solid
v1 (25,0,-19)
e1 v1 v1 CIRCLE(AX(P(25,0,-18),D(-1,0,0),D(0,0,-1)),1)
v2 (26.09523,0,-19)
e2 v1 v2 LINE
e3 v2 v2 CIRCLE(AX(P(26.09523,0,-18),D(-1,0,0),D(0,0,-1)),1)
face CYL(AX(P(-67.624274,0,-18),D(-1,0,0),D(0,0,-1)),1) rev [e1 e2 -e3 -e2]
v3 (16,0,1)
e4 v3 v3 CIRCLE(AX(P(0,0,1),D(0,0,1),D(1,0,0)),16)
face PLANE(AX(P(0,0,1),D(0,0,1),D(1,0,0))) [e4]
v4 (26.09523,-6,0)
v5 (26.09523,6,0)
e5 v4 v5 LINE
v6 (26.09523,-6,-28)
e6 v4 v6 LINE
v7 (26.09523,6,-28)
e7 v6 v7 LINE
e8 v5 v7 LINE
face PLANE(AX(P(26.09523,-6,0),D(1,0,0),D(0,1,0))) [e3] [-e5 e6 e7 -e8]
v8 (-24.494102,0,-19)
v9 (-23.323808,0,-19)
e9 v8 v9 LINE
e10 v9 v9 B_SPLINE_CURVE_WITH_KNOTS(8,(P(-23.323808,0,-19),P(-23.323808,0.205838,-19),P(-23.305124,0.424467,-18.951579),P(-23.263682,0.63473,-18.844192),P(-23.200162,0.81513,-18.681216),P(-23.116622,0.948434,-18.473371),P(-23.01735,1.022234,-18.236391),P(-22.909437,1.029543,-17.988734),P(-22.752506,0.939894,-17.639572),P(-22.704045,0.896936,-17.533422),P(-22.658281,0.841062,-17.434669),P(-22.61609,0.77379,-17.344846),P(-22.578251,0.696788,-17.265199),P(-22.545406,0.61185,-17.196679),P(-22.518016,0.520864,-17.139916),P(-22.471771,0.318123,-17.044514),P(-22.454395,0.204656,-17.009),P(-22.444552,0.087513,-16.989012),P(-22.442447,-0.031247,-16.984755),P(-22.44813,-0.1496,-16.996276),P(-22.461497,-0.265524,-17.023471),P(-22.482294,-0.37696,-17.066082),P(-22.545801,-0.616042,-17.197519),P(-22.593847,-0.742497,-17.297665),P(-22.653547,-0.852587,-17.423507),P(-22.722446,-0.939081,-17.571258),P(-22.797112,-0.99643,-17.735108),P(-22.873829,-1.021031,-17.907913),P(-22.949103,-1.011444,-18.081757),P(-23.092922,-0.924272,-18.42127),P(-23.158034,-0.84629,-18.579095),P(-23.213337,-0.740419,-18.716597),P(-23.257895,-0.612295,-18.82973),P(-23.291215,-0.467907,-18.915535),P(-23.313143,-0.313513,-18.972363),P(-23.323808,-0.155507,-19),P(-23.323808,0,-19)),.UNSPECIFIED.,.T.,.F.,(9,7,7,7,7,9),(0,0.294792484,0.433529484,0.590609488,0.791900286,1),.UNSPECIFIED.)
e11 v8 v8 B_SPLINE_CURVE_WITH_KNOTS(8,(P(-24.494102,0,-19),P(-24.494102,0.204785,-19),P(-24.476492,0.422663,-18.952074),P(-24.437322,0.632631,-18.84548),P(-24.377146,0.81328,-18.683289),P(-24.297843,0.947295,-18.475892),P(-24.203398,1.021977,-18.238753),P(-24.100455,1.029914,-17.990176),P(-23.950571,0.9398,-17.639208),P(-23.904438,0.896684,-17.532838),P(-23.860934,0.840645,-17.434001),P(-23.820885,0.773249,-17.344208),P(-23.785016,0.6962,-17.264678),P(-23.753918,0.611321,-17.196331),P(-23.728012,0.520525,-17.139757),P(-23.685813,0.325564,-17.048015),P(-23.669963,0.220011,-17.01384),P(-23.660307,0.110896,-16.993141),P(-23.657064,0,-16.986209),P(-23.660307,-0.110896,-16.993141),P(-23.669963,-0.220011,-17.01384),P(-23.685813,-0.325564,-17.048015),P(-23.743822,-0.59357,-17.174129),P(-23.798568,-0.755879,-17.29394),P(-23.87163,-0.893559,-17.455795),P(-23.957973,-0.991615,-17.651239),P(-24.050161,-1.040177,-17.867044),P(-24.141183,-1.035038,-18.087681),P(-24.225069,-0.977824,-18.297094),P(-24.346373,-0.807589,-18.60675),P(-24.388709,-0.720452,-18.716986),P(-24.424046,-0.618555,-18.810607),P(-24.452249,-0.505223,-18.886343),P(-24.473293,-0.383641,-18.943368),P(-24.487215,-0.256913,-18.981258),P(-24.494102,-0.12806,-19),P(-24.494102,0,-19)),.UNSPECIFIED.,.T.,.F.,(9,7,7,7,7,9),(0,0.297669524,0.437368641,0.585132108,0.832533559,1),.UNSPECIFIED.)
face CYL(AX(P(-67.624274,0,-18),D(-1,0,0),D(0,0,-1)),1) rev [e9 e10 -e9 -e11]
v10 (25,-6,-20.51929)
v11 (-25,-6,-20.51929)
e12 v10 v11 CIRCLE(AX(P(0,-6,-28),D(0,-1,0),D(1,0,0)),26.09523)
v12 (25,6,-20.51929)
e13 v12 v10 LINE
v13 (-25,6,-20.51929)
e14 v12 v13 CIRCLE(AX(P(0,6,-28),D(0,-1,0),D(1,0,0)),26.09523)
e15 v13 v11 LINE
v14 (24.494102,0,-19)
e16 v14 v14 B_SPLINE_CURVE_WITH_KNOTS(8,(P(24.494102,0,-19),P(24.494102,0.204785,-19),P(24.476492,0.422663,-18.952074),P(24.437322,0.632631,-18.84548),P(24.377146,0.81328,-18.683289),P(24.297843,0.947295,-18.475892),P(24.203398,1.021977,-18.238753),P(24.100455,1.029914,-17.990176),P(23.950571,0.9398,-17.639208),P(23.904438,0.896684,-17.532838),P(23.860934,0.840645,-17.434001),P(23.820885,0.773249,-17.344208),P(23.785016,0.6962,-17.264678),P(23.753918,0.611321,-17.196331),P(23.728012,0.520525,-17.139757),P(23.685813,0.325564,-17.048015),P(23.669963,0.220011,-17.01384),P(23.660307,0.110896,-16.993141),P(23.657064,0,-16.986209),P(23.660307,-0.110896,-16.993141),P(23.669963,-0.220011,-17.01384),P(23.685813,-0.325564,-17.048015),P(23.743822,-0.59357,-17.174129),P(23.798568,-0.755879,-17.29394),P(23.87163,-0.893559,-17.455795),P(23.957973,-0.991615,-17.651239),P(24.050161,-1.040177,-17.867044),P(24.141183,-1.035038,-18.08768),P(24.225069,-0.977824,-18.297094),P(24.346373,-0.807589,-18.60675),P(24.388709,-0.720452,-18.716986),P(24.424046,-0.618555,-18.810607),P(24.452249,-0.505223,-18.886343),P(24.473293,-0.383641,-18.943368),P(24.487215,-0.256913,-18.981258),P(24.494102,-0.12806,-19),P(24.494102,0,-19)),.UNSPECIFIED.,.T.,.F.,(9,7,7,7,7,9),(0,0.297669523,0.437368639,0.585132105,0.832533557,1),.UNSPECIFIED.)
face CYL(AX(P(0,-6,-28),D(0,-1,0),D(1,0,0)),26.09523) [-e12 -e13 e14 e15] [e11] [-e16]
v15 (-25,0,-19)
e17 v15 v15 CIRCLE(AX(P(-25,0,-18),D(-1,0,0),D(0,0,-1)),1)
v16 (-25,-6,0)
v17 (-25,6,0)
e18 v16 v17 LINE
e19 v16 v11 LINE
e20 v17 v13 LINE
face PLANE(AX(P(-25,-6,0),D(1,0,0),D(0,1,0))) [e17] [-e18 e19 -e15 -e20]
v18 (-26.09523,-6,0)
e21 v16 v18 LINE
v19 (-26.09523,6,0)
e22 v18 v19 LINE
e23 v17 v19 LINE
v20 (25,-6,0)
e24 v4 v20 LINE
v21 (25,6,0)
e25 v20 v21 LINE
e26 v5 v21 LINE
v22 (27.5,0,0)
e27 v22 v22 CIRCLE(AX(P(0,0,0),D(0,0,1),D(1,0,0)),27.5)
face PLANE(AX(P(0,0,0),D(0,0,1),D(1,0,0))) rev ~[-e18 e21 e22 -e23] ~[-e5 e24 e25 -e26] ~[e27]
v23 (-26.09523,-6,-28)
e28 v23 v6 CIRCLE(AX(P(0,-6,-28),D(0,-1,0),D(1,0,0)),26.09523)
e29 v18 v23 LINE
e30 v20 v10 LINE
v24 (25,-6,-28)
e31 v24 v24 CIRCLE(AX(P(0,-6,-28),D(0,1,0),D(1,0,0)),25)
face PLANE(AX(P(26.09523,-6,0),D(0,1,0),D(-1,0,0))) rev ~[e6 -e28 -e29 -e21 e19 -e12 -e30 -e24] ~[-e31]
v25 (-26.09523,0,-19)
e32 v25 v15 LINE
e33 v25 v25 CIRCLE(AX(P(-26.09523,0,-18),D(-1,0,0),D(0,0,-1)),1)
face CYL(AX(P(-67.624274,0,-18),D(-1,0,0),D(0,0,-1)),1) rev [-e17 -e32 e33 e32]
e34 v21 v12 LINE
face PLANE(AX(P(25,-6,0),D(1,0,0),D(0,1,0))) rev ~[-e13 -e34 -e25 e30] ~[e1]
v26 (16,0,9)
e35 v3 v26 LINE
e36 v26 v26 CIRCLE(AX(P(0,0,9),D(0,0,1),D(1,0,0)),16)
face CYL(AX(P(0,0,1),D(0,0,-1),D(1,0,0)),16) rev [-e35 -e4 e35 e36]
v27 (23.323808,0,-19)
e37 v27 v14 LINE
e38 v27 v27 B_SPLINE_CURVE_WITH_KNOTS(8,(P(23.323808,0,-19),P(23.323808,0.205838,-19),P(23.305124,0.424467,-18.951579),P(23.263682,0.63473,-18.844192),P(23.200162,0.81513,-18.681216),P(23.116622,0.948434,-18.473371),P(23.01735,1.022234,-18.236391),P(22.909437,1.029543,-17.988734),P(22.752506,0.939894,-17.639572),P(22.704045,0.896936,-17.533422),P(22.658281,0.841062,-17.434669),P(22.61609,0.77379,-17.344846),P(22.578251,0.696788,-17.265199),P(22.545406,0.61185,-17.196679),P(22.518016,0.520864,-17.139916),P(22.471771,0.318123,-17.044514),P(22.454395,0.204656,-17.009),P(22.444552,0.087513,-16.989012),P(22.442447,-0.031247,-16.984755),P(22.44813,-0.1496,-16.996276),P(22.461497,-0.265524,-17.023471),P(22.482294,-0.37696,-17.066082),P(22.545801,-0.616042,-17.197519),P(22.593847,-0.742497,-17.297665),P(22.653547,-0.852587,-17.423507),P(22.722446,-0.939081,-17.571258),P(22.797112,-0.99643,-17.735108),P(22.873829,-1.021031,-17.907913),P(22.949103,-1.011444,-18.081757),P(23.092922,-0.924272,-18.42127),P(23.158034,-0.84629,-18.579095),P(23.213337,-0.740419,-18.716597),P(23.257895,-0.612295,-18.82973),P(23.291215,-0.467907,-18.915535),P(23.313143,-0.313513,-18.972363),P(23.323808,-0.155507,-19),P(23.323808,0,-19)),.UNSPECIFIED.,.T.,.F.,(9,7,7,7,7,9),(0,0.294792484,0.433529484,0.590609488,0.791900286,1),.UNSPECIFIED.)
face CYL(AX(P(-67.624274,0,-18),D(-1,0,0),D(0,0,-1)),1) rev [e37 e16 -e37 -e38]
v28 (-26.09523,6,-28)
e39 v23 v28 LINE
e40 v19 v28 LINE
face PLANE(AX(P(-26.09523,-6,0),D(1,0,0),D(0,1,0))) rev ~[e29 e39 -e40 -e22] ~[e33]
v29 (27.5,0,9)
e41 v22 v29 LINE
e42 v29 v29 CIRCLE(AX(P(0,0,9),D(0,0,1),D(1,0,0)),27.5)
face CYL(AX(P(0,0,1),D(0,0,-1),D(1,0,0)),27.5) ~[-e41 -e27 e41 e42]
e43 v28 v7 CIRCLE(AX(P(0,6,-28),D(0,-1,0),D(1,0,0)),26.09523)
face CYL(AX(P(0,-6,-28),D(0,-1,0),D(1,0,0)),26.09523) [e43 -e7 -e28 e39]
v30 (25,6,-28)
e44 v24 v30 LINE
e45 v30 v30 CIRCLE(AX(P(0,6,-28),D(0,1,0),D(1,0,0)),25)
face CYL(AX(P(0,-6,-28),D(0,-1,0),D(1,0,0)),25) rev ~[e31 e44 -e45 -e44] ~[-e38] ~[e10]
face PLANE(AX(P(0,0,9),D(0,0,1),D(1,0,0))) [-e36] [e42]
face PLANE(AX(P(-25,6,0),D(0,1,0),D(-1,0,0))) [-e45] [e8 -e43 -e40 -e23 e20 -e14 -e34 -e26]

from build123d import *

# Parameters (mm, degrees)
SKETCH1_R                = 27.5
BOSS_EXTRUDE1_DEPTH      = 1
SKETCH2_R                = 27.5
SKETCH2_R_2              = 16
BOSS_EXTRUDE2_DEPTH      = 8
SKETCH3_W                = 1.095229805
SKETCH3_H                = 12
BOSS_EXTRUDE3_DEPTH      = 28
BOSS_EXTRUDE4_DEPTH      = 6
BOSS_EXTRUDE4_DEPTH_BACK = 6
CUT_EXTRUDE1_DEPTH       = 67.624274012
CUT_EXTRUDE1_DEPTH_BACK  = 67.624274012
SKETCH4_R                = 1


with BuildPart() as part:
    # Sketch1 → Boss-Extrude1 (new body)
    with BuildSketch(Plane.XY):
        Circle(SKETCH1_R)
    extrude(amount=BOSS_EXTRUDE1_DEPTH)

    # Sketch2 → Boss-Extrude2 (add)
    with BuildSketch(Plane.XY.offset(1)):
        Circle(SKETCH2_R)
        Circle(SKETCH2_R_2, mode=Mode.SUBTRACT)
    extrude(amount=BOSS_EXTRUDE2_DEPTH)

    # Sketch3 → Boss-Extrude3 (add)
    with BuildSketch(Plane(origin=(0, 0, 0), x_dir=(-1, 0, 0), z_dir=(0, 0, -1))):
        with Locations((-25.547614903, 0)):
            Rectangle(SKETCH3_W, SKETCH3_H)
        with Locations((25.547614903, 0)):
            Rectangle(SKETCH3_W, SKETCH3_H)
    extrude(amount=BOSS_EXTRUDE3_DEPTH)

    # Sketch6 → Boss-Extrude4 (add, two sides: drawn at the far end of the back side and taken through both)
    with BuildSketch(Plane(origin=(0, 0, 0), x_dir=(1, 0, 0), z_dir=(0, 1, 0)).offset(-BOSS_EXTRUDE4_DEPTH_BACK)):
        with BuildLine():
            ThreePointArc((-26.095229805, 28), (0, 54.095229805), (26.095229805, 28))
            ThreePointArc((26.095229805, 28), (0, 1.904770195), (-26.095229805, 28))
        make_face()
        with BuildLine():
            ThreePointArc((-25, 28), (0, 53), (25, 28))
            ThreePointArc((25, 28), (0, 3), (-25, 28))
        make_face(mode=Mode.SUBTRACT)
    extrude(amount=BOSS_EXTRUDE4_DEPTH + BOSS_EXTRUDE4_DEPTH_BACK)

    # Sketch4 → Cut-Extrude1 (cut, two sides: drawn at the far end of the back side and taken through both)
    with BuildSketch(Plane(origin=(0, 0, 0), x_dir=(0, 0, -1), z_dir=(1, 0, 0)).offset(-CUT_EXTRUDE1_DEPTH_BACK)):
        with Locations((18, 0)):
            Circle(SKETCH4_R)
    extrude(amount=CUT_EXTRUDE1_DEPTH + CUT_EXTRUDE1_DEPTH_BACK, mode=Mode.SUBTRACT)


solid = part.part
